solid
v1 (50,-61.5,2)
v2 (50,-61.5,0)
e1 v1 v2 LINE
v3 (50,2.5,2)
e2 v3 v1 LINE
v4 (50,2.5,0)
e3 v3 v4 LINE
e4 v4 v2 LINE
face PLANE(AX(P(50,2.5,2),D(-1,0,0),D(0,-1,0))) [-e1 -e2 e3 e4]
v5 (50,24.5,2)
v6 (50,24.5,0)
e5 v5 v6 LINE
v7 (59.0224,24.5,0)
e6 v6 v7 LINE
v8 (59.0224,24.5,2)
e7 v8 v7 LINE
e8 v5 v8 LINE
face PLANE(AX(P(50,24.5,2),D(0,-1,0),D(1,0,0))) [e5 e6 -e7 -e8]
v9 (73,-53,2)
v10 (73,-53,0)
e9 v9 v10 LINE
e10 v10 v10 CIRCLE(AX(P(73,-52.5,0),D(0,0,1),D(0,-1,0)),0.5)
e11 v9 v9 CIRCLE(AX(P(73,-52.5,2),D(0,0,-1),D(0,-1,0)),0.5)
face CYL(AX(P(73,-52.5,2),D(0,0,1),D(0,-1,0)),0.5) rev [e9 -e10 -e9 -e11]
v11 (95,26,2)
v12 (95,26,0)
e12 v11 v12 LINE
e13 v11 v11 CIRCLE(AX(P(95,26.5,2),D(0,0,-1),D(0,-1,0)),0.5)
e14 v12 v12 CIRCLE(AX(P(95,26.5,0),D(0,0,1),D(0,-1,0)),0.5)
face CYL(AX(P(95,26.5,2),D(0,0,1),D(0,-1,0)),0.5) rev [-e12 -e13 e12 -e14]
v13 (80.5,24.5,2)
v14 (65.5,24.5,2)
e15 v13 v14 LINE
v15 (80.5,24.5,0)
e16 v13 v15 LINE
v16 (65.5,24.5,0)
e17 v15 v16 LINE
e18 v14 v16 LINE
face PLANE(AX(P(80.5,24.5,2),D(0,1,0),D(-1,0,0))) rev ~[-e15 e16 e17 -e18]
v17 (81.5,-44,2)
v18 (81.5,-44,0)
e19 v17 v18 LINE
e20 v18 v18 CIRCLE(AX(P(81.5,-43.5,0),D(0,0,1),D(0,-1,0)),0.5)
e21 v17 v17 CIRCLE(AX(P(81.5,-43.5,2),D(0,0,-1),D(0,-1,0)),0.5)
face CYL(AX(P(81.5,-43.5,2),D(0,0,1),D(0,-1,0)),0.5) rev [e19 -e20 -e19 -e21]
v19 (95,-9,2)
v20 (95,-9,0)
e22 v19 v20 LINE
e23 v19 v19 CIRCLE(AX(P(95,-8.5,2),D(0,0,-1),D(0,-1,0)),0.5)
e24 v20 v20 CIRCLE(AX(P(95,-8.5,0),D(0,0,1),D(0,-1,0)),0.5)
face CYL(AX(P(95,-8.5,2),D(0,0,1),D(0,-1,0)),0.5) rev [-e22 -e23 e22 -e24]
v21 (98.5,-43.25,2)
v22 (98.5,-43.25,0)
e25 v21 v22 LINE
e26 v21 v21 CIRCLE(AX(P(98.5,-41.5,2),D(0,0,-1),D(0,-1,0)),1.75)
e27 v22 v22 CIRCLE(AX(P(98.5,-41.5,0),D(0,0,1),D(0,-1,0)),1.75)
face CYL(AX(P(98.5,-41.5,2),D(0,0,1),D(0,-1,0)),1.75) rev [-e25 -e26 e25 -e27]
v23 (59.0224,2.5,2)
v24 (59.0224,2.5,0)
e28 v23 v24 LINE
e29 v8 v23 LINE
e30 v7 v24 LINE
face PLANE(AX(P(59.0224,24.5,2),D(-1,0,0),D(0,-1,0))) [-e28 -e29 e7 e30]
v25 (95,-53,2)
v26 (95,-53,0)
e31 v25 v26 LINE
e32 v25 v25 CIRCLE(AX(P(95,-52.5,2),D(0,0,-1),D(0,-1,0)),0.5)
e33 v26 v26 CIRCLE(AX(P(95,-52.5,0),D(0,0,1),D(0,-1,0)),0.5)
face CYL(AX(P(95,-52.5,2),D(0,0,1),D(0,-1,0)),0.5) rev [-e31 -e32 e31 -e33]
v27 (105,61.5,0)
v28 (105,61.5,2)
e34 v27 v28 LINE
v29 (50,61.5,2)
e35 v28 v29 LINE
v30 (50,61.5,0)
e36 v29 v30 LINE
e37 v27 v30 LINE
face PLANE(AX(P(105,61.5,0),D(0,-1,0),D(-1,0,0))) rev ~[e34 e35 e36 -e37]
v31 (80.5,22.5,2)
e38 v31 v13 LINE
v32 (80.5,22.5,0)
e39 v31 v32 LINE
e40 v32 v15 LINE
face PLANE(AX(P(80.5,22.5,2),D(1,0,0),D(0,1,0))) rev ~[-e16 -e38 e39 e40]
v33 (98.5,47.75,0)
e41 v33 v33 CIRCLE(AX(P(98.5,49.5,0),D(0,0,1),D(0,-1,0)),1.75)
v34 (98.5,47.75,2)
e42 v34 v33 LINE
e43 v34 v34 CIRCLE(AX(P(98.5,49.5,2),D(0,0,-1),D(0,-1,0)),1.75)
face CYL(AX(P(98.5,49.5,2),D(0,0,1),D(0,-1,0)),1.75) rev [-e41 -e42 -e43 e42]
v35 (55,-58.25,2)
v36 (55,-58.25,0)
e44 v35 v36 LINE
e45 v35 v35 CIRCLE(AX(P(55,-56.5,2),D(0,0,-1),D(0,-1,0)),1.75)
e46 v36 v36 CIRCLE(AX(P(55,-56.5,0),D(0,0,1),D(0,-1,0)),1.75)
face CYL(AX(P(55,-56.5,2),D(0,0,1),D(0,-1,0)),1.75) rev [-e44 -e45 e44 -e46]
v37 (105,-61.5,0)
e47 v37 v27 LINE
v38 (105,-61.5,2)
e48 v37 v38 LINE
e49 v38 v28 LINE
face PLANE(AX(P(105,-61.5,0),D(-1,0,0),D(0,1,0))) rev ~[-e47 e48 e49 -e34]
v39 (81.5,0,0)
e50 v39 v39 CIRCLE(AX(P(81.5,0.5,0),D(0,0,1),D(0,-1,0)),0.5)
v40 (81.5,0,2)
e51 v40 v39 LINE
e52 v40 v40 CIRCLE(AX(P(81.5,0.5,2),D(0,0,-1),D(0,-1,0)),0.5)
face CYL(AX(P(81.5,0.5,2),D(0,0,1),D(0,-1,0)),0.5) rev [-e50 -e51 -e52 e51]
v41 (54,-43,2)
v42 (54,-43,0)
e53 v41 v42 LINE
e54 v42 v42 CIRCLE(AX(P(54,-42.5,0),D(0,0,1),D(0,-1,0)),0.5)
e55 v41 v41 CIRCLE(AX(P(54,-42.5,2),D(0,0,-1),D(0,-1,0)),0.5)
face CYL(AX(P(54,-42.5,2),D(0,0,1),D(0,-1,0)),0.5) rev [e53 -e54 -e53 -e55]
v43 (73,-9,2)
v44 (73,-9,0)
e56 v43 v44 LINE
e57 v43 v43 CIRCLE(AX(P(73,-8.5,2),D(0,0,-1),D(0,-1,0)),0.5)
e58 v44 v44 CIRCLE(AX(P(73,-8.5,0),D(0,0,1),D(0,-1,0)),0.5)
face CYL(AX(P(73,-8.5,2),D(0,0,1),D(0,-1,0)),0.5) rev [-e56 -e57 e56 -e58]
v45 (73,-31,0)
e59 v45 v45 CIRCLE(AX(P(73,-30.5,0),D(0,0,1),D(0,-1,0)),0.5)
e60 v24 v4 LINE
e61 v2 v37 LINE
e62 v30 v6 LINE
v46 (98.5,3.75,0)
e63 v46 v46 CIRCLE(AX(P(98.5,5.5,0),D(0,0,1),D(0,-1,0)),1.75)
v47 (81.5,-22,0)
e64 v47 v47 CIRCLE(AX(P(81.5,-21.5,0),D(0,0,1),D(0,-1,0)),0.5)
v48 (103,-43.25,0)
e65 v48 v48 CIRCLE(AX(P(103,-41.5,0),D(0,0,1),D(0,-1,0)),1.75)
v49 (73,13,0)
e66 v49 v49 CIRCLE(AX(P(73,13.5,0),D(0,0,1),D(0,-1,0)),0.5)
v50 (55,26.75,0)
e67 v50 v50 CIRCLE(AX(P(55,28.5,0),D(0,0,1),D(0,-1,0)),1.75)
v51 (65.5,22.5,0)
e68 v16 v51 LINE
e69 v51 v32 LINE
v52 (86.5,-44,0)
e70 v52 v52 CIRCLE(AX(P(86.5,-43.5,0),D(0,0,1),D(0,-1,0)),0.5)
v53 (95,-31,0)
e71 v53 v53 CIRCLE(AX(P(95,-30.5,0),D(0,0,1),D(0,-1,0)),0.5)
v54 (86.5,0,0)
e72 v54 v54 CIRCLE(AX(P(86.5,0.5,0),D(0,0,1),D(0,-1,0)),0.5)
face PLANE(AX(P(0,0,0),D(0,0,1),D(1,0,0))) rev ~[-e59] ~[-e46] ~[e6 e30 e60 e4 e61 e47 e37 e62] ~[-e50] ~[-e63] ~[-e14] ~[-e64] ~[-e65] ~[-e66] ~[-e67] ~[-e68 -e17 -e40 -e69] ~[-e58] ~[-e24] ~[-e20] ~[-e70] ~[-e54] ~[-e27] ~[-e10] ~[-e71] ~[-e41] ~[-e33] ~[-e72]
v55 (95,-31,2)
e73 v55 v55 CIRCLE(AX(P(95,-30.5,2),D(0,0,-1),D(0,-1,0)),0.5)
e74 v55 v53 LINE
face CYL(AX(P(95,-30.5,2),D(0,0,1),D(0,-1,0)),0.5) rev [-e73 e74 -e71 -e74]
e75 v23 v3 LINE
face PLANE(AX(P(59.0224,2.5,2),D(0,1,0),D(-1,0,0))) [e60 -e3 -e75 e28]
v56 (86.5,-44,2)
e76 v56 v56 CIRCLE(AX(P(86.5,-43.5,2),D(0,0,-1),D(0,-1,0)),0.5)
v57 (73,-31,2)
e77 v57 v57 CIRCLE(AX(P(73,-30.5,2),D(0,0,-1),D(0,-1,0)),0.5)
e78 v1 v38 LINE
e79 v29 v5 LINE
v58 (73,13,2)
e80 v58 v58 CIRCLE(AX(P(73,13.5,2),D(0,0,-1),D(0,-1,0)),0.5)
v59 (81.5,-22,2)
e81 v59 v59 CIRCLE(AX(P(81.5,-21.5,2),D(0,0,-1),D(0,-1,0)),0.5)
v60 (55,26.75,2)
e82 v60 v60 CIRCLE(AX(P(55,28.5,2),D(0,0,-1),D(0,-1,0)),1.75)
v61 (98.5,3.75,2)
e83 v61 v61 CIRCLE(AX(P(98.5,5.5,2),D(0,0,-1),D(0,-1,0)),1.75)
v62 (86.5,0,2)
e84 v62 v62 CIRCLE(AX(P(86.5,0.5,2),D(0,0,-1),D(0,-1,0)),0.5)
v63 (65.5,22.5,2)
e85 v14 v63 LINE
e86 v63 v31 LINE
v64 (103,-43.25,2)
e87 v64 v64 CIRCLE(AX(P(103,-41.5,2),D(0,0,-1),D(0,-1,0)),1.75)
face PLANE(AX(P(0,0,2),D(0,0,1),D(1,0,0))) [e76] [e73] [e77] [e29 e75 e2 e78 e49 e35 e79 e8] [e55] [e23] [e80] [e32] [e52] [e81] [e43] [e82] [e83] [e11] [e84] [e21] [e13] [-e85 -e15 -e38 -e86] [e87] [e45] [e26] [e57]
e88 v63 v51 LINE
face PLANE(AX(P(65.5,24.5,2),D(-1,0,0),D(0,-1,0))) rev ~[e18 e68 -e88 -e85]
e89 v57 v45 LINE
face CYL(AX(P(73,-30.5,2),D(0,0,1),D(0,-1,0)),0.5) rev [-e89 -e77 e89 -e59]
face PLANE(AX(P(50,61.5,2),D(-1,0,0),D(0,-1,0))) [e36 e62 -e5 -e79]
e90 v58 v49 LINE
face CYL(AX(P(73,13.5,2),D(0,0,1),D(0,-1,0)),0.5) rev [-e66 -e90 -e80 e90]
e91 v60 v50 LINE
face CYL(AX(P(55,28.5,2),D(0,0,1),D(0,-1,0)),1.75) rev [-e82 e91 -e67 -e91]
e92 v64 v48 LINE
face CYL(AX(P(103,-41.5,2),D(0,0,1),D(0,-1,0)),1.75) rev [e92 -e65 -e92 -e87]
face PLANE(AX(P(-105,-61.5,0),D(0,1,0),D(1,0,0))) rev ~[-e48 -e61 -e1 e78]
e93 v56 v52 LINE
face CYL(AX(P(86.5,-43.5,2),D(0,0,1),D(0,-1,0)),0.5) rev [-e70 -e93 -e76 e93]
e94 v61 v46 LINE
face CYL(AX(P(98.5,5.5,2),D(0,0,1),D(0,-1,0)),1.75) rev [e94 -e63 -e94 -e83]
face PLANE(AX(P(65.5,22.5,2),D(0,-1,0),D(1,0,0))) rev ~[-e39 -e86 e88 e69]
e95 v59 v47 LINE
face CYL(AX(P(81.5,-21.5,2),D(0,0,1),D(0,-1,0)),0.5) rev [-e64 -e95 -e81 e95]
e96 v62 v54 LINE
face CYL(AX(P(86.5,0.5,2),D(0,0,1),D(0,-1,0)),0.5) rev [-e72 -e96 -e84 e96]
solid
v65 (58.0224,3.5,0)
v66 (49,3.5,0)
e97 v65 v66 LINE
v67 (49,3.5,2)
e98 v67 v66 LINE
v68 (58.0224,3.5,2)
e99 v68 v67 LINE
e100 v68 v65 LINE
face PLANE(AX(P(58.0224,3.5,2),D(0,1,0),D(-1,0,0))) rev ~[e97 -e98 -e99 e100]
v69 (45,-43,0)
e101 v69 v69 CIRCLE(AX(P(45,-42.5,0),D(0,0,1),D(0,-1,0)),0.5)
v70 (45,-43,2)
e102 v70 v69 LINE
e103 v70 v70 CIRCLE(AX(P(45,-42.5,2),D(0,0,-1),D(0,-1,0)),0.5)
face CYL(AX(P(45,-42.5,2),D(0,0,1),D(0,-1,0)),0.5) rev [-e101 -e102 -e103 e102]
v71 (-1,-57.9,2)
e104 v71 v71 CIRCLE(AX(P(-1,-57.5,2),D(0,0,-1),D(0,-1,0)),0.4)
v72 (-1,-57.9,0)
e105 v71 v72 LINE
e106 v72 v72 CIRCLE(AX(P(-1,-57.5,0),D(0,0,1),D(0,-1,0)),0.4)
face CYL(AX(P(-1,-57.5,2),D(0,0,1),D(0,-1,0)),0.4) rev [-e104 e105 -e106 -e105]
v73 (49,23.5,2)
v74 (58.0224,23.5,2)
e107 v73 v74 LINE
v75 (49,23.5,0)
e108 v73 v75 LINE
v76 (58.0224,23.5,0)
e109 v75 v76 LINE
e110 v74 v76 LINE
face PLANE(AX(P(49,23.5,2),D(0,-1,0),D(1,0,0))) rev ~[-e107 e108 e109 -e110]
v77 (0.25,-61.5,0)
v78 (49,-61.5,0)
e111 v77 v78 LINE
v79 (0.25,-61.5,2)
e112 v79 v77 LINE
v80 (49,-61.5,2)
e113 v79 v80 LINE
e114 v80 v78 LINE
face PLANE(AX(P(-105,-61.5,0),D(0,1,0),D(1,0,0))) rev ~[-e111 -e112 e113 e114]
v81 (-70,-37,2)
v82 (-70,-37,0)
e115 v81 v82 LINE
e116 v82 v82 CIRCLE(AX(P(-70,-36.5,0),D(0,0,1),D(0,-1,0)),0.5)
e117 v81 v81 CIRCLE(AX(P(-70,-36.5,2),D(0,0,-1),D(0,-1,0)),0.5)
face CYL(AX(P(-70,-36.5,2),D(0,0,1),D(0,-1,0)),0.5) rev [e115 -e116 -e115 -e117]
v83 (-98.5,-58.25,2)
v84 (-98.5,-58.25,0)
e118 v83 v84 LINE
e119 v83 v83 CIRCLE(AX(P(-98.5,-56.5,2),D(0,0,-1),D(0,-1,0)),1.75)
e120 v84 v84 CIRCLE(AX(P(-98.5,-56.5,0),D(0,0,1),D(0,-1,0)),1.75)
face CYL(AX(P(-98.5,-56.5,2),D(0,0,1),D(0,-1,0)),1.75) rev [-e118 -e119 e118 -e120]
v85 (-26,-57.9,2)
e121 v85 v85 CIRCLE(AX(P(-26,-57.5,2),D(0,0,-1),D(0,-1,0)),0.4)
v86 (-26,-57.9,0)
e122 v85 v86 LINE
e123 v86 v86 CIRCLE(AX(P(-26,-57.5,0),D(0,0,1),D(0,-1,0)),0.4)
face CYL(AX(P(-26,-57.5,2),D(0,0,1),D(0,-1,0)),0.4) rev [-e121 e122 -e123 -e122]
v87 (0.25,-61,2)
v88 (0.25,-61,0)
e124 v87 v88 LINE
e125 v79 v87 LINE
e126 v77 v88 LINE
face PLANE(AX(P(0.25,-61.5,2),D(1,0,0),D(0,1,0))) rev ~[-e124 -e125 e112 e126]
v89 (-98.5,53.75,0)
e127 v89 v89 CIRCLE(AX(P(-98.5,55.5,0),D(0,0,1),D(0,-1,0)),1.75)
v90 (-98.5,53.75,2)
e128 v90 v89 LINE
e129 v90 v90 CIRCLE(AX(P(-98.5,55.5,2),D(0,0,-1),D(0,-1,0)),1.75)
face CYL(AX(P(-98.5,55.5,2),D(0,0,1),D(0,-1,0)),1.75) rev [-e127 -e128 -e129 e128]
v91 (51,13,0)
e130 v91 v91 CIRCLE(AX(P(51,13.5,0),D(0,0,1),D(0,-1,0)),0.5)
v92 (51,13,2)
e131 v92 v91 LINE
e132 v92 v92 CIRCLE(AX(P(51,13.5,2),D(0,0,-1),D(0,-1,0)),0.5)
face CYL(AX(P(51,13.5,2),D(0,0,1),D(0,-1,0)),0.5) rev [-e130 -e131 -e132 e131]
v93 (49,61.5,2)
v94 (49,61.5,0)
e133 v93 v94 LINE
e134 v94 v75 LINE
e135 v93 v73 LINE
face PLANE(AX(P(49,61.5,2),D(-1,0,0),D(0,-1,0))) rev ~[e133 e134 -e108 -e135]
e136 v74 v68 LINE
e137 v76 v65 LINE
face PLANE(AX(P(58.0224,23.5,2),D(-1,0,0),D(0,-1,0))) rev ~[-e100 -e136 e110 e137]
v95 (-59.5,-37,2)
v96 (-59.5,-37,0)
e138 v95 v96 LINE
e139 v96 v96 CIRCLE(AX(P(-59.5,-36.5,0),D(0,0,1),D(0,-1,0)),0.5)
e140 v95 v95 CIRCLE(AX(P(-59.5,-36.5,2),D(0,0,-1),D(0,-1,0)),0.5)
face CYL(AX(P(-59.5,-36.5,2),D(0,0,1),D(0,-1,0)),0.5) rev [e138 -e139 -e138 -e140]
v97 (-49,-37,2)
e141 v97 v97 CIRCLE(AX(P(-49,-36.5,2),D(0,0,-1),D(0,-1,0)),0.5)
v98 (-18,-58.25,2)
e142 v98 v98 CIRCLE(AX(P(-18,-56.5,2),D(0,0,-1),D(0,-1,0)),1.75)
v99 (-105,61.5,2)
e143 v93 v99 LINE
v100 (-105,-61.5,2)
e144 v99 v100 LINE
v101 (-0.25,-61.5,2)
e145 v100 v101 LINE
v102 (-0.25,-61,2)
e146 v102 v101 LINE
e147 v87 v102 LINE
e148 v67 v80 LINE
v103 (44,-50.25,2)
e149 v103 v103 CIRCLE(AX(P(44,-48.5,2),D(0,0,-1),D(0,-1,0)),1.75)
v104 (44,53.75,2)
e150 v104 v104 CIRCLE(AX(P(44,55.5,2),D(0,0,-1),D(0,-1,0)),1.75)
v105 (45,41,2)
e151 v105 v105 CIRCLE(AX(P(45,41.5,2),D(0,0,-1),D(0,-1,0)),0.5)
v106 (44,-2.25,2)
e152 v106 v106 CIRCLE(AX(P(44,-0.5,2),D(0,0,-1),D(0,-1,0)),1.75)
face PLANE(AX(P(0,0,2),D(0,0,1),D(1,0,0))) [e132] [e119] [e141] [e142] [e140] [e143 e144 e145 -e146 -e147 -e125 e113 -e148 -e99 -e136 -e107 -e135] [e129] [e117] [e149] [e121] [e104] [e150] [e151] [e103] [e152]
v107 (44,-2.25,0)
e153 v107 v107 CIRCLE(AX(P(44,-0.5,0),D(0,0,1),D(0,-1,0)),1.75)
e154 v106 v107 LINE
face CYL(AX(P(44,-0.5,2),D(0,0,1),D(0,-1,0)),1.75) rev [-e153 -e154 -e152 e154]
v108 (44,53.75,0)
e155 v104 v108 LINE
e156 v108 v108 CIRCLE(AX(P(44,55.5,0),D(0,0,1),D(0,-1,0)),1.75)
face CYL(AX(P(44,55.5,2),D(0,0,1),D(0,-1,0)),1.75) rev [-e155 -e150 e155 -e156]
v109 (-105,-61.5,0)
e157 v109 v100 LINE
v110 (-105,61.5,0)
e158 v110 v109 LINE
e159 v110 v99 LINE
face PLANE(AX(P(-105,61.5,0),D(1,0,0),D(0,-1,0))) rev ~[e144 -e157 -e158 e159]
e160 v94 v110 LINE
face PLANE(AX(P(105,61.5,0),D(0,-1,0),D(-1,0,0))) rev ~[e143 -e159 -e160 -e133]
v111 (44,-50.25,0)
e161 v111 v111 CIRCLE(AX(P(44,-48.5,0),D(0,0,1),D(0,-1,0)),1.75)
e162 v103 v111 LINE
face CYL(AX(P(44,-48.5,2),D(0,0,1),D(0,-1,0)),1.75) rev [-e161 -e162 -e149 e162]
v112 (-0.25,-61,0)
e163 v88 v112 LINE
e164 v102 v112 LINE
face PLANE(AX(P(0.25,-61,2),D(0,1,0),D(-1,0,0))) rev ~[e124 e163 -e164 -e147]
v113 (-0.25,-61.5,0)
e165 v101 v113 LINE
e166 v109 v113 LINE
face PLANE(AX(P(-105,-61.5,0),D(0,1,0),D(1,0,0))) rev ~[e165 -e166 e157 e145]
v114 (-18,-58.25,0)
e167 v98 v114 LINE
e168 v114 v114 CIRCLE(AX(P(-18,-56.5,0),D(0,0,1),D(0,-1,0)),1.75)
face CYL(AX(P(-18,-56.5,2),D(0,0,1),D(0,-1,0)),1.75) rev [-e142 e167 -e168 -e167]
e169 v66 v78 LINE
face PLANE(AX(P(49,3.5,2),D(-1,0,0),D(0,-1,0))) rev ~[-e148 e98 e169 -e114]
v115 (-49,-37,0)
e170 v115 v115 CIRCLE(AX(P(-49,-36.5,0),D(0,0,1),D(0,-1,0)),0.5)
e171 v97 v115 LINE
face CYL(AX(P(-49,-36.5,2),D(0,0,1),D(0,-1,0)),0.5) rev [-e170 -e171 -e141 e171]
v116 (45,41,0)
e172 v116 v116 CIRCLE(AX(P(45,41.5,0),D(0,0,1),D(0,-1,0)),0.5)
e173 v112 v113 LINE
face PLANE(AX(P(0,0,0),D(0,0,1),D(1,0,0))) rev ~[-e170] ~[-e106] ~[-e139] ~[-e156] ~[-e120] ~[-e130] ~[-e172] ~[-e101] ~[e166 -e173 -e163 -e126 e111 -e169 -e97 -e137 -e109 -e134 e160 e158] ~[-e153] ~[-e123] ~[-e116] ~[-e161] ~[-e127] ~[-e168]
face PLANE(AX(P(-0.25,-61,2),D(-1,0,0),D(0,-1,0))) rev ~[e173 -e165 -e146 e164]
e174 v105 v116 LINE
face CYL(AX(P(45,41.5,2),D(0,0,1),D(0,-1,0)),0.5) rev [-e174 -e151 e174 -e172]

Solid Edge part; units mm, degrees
sketch "Sketch1" plane through (0, 0, 0) normal (0, 0, 1) x (1, 0, 0)
  line L0 (-105, -61.5) -> (105, -61.5)
  line L1 (105, -61.5) -> (105, 61.5)
  line L2 (105, 61.5) -> (-105, 61.5)
  line L3 (-105, 61.5) -> (-105, -61.5)
  dimension "D1" = 123
  dimension "D2" = 210
extrude "Protrusion1" add sketch "Sketch1" along normal blind 2
hole "Bohrung_1" at (-1, -57.5, 2) direction (0, 0, -1) diameter 0.8 end through all
hole "Hole1" at (-26, -57.5, 2) direction (0, 0, -1) diameter 0.8 end through all
sketch "Sketch2" plane through (0, 0, 2) normal (0, 0, 1) x (-1, 0, 0)
  line L0 (-0.25, 61) -> (0.25, 61)
  line L1 (0.25, 61) -> (0.25, 61.5)
  line L2 (0.25, 61.5) -> (-0.25, 61.5)
  line L3 (-0.25, 61.5) -> (-0.25, 61)
  dimension "D1" = 0.5
extrude "Cutout1" cut sketch "Sketch2" against normal through all
hole "Bohrung_3" at (73, -52.5, 2) direction (0, 0, -1) diameter 1 end through all
hole "Hole2" at (73, -30.5, 2) direction (0, 0, -1) diameter 1 end through all
hole "Hole3" at (73, -8.5, 2) direction (0, 0, -1) diameter 1 end through all
hole "Hole4" at (95, -8.5, 2) direction (0, 0, -1) diameter 1 end through all
hole "Hole5" at (95, -30.5, 2) direction (0, 0, -1) diameter 1 end through all
hole "Hole6" at (73, 13.5, 2) direction (0, 0, -1) diameter 1 end through all
hole "Hole7" at (95, -52.5, 2) direction (0, 0, -1) diameter 1 end through all
sketch "Sketch3" plane through (0, 0, 2) normal (0, 0, 1) x (1, 0, 0)
  line L0 (65.5, 22.5) -> (80.5, 22.5)
  line L1 (80.5, 22.5) -> (80.5, 24.5)
  line L2 (80.5, 24.5) -> (65.5, 24.5)
  line L3 (65.5, 24.5) -> (65.5, 22.5)
  dimension "D1" = 15
  dimension "D2" = 2
  dimension "D3" = 32
  dimension "D4" = 38
extrude "Cutout2" cut sketch "Sketch3" against normal through all
sketch "Sketch4" plane through (0, 0, 2) normal (0, 0, 1) x (1, 0, 0)
  line L0 (49, 61.5) -> (49, 23.5)
  line L1 (49, 23.5) -> (58.0224, 23.5)
  line L2 (58.0224, 23.5) -> (58.0224, 3.5)
  line L3 (58.0224, 3.5) -> (49, 3.5)
  line L4 (49, 3.5) -> (49, -61.5)
  line L5 (49, -61.5) -> (50, -61.5)
  line L6 (50, 2.5) -> (50, -61.5)
  line L7 (59.0224, 2.5) -> (50, 2.5)
  line L8 (59.0224, 24.5) -> (59.0224, 2.5)
  line L9 (50, 24.5) -> (59.0224, 24.5)
  line L10 (50, 61.5) -> (50, 24.5)
  line L11 (50, 61.5) -> (49, 61.5)
  dimension "D1" = 154
  dimension "D2" = 20
  dimension "D3" = 38
  dimension "D4" = 1
extrude "Ausschnitt_3" cut sketch "Sketch4" against normal blind 2
hole "Hole8" at (-98.5, 55.5, 2) direction (0, 0, -1) diameter 3.5 end through all
hole "Hole9" at (44, 55.5, 2) direction (0, 0, -1) diameter 3.5 end through all
hole "Hole10" at (98.5, 49.5, 2) direction (0, 0, -1) diameter 3.5 end through all
hole "Hole11" at (98.5, -41.5, 2) direction (0, 0, -1) diameter 3.5 end through all
hole "Hole12" at (44, -48.5, 2) direction (0, 0, -1) diameter 3.5 end through all
hole "Hole13" at (55, -56.5, 2) direction (0, 0, -1) diameter 3.5 end through all
hole "Hole14" at (-18, -56.5, 2) direction (0, 0, -1) diameter 3.5 end through all
hole "Hole15" at (98.5, 5.5, 2) direction (0, 0, -1) diameter 3.5 end through all
hole "Hole16" at (-98.5, -56.5, 2) direction (0, 0, -1) diameter 3.5 end through all
hole "Hole17" at (55, 28.5, 2) direction (0, 0, -1) diameter 3.5 end through all
hole "Hole18" at (44, -0.5, 2) direction (0, 0, -1) diameter 3.5 end through all
hole "Befestigungsbohrung_Plus" at (103, -41.5, 2) direction (0, 0, -1) diameter 3.5 end through all
hole "Bohrung_38" at (54, -42.5, 2) direction (0, 0, -1) diameter 1 end through all
hole "Hole19" at (45, -42.5, 2) direction (0, 0, -1) diameter 1 end through all
hole "Hole20" at (45, 41.5, 2) direction (0, 0, -1) diameter 1 end through all
hole "Hole21" at (51, 13.5, 2) direction (0, 0, -1) diameter 1 end through all
hole "Bohrung_42" at (95, 26.5, 2) direction (0, 0, -1) diameter 1 end through all
hole "Bohrung_45" at (81.5, -43.5, 2) direction (0, 0, -1) diameter 1 end through all
hole "Hole22" at (81.5, -21.5, 2) direction (0, 0, -1) diameter 1 end through all
hole "Hole23" at (81.5, 0.5, 2) direction (0, 0, -1) diameter 1 end through all
hole "Hole24" at (86.5, 0.5, 2) direction (0, 0, -1) diameter 1 end through all
hole "Hole25" at (86.5, -43.5, 2) direction (0, 0, -1) diameter 1 end through all
hole "Bohrung_50" at (-59.5, -36.5, 2) direction (0, 0, -1) diameter 1 end through all
hole "Hole26" at (-49, -36.5, 2) direction (0, 0, -1) diameter 1 end through all
hole "Hole27" at (-70, -36.5, 2) direction (0, 0, -1) diameter 1 end through all
